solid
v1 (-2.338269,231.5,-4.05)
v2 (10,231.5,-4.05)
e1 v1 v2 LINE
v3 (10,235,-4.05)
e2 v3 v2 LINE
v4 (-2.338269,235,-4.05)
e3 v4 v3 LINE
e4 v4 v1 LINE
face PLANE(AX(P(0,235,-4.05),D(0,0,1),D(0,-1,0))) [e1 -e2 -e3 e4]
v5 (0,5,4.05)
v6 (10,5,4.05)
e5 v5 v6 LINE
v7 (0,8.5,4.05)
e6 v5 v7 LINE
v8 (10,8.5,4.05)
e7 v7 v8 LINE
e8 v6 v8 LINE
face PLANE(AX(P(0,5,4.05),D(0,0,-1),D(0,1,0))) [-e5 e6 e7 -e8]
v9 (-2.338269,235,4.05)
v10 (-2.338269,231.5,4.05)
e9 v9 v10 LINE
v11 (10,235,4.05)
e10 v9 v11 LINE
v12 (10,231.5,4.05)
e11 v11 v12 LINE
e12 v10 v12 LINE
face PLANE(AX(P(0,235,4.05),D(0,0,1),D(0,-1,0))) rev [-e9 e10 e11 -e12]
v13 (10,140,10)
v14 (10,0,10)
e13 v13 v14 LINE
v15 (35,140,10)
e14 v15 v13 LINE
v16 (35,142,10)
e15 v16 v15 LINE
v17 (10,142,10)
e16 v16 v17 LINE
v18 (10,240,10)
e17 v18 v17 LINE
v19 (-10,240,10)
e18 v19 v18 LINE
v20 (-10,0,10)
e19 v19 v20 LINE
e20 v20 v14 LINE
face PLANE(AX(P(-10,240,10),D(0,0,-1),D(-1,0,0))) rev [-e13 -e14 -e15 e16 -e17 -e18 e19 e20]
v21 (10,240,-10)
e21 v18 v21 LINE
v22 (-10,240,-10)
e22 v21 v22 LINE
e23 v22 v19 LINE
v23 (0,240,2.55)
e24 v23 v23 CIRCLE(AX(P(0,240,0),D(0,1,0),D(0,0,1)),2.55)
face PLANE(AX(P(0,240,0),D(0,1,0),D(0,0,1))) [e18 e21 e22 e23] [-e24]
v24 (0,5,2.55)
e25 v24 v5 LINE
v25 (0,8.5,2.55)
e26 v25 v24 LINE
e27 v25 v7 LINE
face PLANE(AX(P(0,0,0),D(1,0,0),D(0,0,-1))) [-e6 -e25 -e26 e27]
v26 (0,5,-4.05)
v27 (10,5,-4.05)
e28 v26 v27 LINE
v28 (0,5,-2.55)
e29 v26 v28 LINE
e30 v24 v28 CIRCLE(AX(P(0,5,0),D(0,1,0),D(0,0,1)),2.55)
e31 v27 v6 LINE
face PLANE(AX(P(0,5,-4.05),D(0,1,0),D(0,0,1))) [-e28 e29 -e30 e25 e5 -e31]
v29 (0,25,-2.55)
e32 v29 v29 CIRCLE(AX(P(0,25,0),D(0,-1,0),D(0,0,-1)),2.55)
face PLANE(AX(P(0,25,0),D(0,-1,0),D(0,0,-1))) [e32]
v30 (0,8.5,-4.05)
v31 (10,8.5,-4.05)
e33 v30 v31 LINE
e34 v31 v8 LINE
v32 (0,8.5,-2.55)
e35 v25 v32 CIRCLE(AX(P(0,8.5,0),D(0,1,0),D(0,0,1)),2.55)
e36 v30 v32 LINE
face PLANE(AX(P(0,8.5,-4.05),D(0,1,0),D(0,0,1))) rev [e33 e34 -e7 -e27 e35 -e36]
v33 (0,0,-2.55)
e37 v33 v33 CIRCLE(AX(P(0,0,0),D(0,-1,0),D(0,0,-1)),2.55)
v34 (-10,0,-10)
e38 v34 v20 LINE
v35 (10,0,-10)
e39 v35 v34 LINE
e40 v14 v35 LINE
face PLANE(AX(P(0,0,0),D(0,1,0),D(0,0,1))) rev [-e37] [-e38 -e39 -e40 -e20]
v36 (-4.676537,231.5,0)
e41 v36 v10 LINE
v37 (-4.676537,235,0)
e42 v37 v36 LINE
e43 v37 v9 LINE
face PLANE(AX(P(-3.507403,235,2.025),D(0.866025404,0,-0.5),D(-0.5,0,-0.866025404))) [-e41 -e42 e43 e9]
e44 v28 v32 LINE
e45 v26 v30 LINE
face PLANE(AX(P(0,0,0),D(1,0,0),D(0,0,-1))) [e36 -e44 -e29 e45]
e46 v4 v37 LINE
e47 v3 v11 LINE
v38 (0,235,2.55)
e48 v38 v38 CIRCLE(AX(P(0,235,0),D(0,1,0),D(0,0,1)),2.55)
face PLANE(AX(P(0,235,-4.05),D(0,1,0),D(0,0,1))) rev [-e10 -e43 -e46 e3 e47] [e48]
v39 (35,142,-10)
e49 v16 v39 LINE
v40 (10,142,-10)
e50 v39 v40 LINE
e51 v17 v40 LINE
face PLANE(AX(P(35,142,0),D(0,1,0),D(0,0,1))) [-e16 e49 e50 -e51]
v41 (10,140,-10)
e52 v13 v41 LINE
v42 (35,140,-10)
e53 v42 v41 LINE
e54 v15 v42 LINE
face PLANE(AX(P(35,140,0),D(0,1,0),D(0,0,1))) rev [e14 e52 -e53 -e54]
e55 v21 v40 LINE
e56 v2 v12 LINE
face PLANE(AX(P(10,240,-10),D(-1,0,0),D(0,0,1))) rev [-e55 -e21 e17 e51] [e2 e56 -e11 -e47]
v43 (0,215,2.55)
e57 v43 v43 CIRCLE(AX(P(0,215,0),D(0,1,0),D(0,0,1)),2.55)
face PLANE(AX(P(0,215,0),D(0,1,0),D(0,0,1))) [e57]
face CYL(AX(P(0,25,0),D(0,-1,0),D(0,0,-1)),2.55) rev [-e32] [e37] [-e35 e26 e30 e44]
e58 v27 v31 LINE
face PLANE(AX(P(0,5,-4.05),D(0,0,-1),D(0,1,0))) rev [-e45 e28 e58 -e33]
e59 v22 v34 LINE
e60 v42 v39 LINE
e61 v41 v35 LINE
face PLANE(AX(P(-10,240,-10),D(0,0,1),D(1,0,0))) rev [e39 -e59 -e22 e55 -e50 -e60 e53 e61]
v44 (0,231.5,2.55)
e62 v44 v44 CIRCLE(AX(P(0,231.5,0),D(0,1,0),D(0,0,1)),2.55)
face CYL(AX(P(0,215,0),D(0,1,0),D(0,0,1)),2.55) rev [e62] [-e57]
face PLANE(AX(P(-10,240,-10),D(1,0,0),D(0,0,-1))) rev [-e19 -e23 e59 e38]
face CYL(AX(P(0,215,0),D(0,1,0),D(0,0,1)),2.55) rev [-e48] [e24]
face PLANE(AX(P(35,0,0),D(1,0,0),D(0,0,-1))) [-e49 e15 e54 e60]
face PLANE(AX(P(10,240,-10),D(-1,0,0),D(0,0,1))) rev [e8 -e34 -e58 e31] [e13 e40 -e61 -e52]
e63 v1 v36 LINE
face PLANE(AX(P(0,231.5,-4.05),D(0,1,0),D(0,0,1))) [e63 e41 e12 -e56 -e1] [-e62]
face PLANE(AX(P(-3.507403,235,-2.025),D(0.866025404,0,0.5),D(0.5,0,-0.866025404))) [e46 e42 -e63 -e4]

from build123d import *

# Parameters (mm, degrees)
ESQUISSE1_W             = 20
ESQUISSE1_H             = 20
BOSS_EXTRU_2_DEPTH      = 240
ESQUISSE5_W             = 8.1
ESQUISSE5_H             = 3.5
ENL_V_MAT_EXTRU_2_DEPTH = 10
ESQUISSE6_R             = 2.55
ENL_V_MAT_EXTRU_3_DEPTH = 25
ENL_V_START             = 3.5
ENL_V_MAT_EXTRU_5_DEPTH = 3.5
ENL_V_START_2           = -25
ESQUISSE9_R             = 2.55
ENL_V_MAT_EXTRU_6_DEPTH = 25
ESQUISSE10_W            = 20
ESQUISSE10_H            = 2
BOSS_EXTRU_5_DEPTH      = 25


with BuildPart() as part:
    # Esquisse1 → Boss.-Extru.2 (new body)
    with BuildSketch(Plane(origin=(0, 0, 0), x_dir=(1, 0, 0), z_dir=(0, 1, 0))):
        Rectangle(ESQUISSE1_W, ESQUISSE1_H)
    extrude(amount=BOSS_EXTRU_2_DEPTH)

    # Esquisse5 → Enlèv. mat.-Extru.2 (cut)
    with BuildSketch(Plane(origin=(10, 0, 0), x_dir=(0, 0, -1), z_dir=(1, 0, 0))):
        with Locations((0, 233.25)):
            Rectangle(ESQUISSE5_W, ESQUISSE5_H)
        with Locations((0, 6.75)):
            Rectangle(ESQUISSE5_W, ESQUISSE5_H)
    extrude(amount=-ENL_V_MAT_EXTRU_2_DEPTH, mode=Mode.SUBTRACT)

    # Esquisse6 → Enlèv. mat.-Extru.3 (cut)
    with BuildSketch(Plane(origin=(0, 240, 0), x_dir=(1, 0, 0), z_dir=(0, 1, 0))):
        with Locations(Location((0, 0, 0), (0, 0, 270))):
            Circle(ESQUISSE6_R)
    extrude(amount=-ENL_V_MAT_EXTRU_3_DEPTH, mode=Mode.SUBTRACT)

    # Esquisse7 → Enlèv. mat.-Extru.5 (cut)
    with BuildSketch(Plane(origin=(0, 231.5, 0), x_dir=(1, 0, 0), z_dir=(0, 1, 0)).offset(ENL_V_START)):
        with BuildLine():
            Line((-2.33826859, -4.05), (0, -4.05))
            Line((0, -4.05), (0, -2.55))
            ThreePointArc((0, -2.55), (-2.55, 0), (0, 2.55))
            Line((0, 2.55), (0, 4.05))
            Line((0, 4.05), (-2.33826859, 4.05))
            Line((-2.33826859, 4.05), (-4.67653718, 0))
            Line((-4.67653718, 0), (-2.33826859, -4.05))
        make_face()
    extrude(amount=-ENL_V_MAT_EXTRU_5_DEPTH, mode=Mode.SUBTRACT)

    # Esquisse9 → Enlèv. mat.-Extru.6 (cut)
    with BuildSketch(Plane.XZ.offset(ENL_V_START_2)):
        with Locations(Location((0, 0, 0), (0, 0, 90))):
            Circle(ESQUISSE9_R)
    extrude(amount=ENL_V_MAT_EXTRU_6_DEPTH, mode=Mode.SUBTRACT)

    # Esquisse10 → Boss.-Extru.5 (add)
    with BuildSketch(Plane(origin=(10, 0, 0), x_dir=(0, 0, -1), z_dir=(1, 0, 0))):
        with Locations((0, 141)):
            Rectangle(ESQUISSE10_W, ESQUISSE10_H)
    extrude(amount=BOSS_EXTRU_5_DEPTH)


solid = part.part
